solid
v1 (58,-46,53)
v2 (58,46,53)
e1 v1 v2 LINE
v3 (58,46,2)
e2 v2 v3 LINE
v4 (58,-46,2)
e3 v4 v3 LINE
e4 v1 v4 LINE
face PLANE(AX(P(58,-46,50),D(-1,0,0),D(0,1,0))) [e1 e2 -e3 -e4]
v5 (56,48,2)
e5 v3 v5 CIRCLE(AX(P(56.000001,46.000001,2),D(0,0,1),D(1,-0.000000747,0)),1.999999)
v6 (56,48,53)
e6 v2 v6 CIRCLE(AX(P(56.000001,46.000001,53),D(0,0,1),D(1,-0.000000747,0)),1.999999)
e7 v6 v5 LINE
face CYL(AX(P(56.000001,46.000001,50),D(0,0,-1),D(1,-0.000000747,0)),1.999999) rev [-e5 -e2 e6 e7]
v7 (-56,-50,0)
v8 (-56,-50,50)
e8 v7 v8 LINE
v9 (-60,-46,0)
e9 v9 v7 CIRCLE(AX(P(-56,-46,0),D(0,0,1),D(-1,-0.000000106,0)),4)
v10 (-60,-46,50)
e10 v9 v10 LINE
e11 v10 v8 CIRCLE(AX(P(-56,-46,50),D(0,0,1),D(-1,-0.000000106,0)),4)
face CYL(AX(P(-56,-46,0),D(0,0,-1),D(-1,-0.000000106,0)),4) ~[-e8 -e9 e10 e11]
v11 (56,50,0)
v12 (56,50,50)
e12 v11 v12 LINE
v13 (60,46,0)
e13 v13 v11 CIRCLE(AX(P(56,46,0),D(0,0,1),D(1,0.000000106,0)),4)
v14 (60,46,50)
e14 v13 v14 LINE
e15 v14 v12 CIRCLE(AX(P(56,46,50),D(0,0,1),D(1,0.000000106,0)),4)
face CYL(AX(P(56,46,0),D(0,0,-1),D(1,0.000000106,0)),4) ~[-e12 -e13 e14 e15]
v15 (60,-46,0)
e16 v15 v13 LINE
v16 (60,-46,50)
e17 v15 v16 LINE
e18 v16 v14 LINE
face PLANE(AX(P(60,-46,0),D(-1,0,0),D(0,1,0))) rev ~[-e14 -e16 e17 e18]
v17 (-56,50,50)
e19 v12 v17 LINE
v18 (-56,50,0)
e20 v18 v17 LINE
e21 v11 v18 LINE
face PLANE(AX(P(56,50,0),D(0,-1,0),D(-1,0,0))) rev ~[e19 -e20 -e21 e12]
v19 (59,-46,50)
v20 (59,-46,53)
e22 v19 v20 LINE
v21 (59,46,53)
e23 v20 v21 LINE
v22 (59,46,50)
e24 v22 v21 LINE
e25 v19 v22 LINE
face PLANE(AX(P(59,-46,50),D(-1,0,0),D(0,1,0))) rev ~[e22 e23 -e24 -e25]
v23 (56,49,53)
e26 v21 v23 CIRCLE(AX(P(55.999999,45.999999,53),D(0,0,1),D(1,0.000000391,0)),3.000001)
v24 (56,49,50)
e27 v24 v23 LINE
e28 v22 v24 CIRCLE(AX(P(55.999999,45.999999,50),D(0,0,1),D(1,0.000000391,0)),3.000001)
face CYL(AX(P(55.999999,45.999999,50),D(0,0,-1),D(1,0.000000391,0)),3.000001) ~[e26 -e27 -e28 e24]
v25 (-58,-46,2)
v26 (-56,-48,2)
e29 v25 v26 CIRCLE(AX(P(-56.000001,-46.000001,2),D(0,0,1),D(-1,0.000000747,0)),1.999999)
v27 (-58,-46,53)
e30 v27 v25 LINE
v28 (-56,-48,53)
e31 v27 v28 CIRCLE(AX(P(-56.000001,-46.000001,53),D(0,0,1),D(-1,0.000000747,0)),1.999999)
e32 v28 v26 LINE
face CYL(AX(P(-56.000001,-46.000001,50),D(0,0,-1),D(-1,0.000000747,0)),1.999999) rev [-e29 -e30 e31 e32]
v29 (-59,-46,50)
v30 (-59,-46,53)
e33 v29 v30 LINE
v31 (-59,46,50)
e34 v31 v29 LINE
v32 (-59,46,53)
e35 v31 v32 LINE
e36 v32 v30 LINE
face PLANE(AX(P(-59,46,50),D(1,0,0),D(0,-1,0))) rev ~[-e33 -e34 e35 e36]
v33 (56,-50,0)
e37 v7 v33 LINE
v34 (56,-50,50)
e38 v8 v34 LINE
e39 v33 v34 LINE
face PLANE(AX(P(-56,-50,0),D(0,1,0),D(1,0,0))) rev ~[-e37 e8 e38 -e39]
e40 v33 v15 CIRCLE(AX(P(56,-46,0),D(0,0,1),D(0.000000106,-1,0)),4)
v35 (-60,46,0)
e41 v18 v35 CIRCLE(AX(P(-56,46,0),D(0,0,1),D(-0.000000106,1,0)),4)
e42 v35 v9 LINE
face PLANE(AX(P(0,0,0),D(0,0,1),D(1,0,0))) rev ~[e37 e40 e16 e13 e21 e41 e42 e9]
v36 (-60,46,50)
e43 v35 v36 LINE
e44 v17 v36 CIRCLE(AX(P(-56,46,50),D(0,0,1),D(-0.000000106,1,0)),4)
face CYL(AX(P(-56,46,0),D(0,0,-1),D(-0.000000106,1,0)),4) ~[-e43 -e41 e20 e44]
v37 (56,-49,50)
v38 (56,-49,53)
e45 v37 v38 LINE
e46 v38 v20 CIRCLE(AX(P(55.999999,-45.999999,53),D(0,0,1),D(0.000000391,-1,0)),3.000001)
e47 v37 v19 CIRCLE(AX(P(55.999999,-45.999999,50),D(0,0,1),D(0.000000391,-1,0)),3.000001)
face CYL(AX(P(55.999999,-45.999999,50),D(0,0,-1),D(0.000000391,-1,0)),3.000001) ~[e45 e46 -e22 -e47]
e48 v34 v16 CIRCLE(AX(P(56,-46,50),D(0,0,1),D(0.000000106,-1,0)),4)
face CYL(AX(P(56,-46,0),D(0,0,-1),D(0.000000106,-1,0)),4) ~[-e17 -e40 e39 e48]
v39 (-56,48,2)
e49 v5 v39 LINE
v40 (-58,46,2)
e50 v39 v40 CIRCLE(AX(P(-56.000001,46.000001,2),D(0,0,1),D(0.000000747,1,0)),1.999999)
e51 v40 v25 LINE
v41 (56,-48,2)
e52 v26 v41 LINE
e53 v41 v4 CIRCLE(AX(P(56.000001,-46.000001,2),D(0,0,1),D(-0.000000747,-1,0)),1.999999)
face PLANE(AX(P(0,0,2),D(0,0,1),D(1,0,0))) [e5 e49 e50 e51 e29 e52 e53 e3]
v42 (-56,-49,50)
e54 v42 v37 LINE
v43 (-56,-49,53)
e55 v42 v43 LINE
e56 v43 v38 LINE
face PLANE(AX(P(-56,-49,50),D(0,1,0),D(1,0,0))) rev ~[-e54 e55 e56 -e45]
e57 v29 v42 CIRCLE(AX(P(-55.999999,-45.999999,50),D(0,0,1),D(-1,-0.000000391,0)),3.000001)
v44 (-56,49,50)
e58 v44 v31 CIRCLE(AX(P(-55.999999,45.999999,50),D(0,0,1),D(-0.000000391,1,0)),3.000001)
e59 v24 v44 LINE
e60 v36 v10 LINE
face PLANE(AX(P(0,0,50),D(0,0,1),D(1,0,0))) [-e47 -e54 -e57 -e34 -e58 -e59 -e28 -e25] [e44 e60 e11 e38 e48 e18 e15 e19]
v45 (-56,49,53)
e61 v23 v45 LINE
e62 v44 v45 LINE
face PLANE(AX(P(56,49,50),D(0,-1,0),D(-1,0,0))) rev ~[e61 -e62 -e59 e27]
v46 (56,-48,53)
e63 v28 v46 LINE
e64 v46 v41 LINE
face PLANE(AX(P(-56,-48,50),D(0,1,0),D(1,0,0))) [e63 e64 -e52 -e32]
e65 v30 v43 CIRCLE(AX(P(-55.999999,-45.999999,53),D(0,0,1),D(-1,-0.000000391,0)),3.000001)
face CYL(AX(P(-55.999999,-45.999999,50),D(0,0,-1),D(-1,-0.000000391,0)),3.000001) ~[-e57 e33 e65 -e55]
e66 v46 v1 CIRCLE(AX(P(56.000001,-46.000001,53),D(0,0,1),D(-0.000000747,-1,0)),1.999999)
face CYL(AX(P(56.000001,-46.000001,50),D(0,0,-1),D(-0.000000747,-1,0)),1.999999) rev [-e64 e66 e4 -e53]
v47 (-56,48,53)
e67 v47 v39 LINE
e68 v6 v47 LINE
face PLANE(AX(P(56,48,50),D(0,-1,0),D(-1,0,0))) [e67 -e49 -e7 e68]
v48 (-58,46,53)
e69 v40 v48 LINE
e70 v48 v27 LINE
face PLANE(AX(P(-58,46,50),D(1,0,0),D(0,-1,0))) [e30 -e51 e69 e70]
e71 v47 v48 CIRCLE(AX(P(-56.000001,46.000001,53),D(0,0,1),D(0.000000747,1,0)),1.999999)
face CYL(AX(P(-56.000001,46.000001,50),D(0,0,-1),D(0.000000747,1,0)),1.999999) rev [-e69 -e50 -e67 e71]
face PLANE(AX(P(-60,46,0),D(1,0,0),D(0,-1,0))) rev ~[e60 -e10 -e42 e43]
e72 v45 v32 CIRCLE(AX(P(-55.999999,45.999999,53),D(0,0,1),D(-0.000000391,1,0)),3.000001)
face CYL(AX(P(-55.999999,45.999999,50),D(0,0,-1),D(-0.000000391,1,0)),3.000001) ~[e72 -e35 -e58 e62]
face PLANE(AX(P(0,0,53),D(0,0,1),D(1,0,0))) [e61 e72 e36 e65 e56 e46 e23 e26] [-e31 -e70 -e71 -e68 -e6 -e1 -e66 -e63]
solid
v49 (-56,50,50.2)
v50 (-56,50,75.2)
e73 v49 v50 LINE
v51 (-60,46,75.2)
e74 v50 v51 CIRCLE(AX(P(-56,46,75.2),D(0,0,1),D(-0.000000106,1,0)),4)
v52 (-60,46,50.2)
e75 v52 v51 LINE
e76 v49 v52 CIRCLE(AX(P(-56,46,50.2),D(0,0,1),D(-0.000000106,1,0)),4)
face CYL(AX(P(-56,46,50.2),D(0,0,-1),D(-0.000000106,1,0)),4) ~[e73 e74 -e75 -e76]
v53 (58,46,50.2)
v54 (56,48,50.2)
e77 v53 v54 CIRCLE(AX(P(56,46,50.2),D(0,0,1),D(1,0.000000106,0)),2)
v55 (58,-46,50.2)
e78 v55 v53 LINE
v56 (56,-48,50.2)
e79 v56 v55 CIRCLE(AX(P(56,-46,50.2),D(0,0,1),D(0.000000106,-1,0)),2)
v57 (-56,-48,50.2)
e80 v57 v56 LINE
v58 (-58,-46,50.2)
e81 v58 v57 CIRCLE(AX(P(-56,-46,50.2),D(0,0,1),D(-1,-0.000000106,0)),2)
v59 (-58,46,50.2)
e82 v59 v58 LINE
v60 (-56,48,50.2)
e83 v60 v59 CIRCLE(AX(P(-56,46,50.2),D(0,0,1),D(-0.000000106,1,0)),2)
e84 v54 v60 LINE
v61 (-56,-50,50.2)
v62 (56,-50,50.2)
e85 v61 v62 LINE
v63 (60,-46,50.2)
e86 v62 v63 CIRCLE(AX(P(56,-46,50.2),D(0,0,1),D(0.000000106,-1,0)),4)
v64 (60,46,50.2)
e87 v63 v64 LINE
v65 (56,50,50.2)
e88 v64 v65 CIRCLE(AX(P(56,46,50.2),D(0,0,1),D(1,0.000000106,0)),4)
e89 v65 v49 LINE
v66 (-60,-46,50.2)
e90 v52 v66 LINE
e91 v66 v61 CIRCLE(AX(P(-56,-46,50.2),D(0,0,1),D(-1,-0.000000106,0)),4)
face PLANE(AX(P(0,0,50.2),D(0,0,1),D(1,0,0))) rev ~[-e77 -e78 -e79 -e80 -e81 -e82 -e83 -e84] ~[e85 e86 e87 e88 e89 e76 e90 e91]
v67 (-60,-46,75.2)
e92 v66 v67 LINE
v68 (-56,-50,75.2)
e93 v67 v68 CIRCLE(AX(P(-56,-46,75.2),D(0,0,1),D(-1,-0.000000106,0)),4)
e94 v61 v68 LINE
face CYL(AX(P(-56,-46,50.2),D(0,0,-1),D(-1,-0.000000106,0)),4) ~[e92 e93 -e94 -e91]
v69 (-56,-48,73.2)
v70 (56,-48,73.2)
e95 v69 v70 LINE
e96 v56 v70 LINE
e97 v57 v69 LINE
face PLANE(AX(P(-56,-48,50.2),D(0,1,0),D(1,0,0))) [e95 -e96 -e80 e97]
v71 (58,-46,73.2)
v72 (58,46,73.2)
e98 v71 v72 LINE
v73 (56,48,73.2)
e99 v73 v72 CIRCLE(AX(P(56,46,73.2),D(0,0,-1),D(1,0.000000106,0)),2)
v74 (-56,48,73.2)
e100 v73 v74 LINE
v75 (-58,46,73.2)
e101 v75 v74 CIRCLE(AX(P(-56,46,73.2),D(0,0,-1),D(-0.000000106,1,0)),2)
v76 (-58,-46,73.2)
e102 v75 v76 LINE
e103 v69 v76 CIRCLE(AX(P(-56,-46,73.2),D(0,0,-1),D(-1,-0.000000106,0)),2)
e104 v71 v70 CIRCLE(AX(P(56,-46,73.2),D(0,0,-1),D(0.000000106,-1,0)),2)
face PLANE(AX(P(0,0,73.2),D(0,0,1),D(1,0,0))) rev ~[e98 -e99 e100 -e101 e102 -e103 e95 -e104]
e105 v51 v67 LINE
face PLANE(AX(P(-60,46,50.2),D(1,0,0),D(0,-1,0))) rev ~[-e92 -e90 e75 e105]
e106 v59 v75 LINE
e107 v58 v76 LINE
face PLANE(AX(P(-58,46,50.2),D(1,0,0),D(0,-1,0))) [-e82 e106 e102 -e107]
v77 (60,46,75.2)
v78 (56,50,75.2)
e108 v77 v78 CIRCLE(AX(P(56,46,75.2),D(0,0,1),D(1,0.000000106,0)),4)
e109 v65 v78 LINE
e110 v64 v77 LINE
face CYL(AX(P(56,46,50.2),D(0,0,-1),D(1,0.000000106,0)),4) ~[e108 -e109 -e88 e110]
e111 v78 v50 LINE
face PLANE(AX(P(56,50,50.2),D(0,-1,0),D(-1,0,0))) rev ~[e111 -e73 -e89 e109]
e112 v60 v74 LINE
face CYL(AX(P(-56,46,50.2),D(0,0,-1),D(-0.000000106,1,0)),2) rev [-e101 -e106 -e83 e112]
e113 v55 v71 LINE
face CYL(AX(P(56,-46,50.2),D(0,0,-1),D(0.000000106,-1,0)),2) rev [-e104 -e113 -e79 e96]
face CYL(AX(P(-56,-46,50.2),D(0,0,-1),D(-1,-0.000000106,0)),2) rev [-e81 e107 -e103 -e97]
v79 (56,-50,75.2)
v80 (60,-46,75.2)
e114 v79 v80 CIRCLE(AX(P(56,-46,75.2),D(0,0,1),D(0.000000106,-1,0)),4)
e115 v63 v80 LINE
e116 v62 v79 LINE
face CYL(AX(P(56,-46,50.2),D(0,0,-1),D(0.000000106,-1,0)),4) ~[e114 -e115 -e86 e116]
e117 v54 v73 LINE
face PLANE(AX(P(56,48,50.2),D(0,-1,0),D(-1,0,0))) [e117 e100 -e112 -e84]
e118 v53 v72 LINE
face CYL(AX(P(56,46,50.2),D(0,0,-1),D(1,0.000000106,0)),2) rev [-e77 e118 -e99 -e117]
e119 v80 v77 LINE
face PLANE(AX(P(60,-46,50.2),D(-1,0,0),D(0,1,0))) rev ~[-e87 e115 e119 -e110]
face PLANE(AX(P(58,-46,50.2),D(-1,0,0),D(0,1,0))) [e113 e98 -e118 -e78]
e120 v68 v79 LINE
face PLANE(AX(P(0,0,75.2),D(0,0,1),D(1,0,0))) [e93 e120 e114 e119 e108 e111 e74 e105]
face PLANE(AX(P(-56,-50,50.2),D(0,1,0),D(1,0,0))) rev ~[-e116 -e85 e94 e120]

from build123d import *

# Parameters (mm, degrees)
PAD_DEPTH       = 50
PAD001_DEPTH    = 3
POCKET_DEPTH    = 48
PAD002_DEPTH    = 25
THICKNESS_T     = -2
POCKET001_DEPTH = 3


with BuildPart() as base:
    # Sketch → Pad (new body)
    with BuildSketch(Plane.XY):
        with BuildLine():
            Line((-60, 46), (-60, -46))
            ThreePointArc((-60, -46), (-58.828427, -48.828427), (-56, -50))
            Line((-56, -50), (56, -50))
            ThreePointArc((56, -50), (58.828427, -48.828427), (60, -46))
            Line((60, -46), (60, 46))
            ThreePointArc((60, 46), (58.828427, 48.828427), (56, 50))
            Line((56, 50), (-56, 50))
            ThreePointArc((-56, 50), (-58.828427, 48.828427), (-60, 46))
        make_face()
    extrude(amount=PAD_DEPTH)

    # Sketch001 → Pad001 (join)
    with BuildSketch(Plane.XY.offset(50)):
        with BuildLine():
            Line((-59, 46), (-59, -46))
            ThreePointArc((-59, -46), (-58.12132, -48.12132), (-56, -49))
            Line((-56, -49), (56, -49))
            ThreePointArc((56, -49), (58.12132, -48.12132), (59, -46))
            Line((59, -46), (59, 46))
            ThreePointArc((59, 46), (58.12132, 48.12132), (56, 49))
            Line((56, 49), (-56, 49))
            ThreePointArc((-56, 49), (-58.12132, 48.12132), (-59, 46))
        make_face()
        with BuildLine():
            Line((-58, 46), (-58, -46))
            ThreePointArc((-58, -46), (-57.414214, -47.414214), (-56, -48))
            Line((-56, -48), (56, -48))
            ThreePointArc((56, -48), (57.414214, -47.414214), (58, -46))
            Line((58, -46), (58, 46))
            ThreePointArc((58, 46), (57.414214, 47.414214), (56, 48))
            Line((56, 48), (-56, 48))
            ThreePointArc((-56, 48), (-57.414214, 47.414214), (-58, 46))
        make_face(mode=Mode.SUBTRACT)
    extrude(amount=PAD001_DEPTH)

    # Sketch003 (on Face28 of Pad001) → Pocket (cut)
    with BuildSketch(Plane.XY.offset(50)):
        with BuildLine():
            Line((-58, 46), (-58, -46))
            ThreePointArc((-58, -46), (-57.414214, -47.414214), (-56, -48))
            Line((-56, -48), (56, -48))
            ThreePointArc((56, -48), (57.414214, -47.414214), (58, -46))
            Line((58, -46), (58, 46))
            ThreePointArc((58, 46), (57.414214, 47.414214), (56, 48))
            Line((56, 48), (-56, 48))
            ThreePointArc((-56, 48), (-57.414214, 47.414214), (-58, 46))
        make_face()
    extrude(amount=-POCKET_DEPTH, mode=Mode.SUBTRACT)


with BuildPart() as lid:
    # Sketch004 → Pad002 (new body)
    with BuildSketch(Plane.XY.offset(50.2)):
        with BuildLine():
            Line((-60, 46), (-60, -46))
            ThreePointArc((-60, -46), (-58.828427, -48.828427), (-56, -50))
            Line((-56, -50), (56, -50))
            ThreePointArc((56, -50), (58.828427, -48.828427), (60, -46))
            Line((60, -46), (60, 46))
            ThreePointArc((60, 46), (58.828427, 48.828427), (56, 50))
            Line((56, 50), (-56, 50))
            ThreePointArc((-56, 50), (-58.828427, 48.828427), (-60, 46))
        make_face()
    extrude(amount=PAD002_DEPTH)

    # Thickness
    thickness_openings = [lid.faces().sort_by_distance(p)[0] for p in [
        (0, 0, 50.2),
    ]]
    offset(amount=THICKNESS_T, openings=thickness_openings)

    # Sketch005 (on Face10 of Thickness) → Pocket001 (cut)
    with BuildSketch(Plane(origin=(0, 0, 50.2), x_dir=(1, 0, 0), z_dir=(0, 0, -1))):
        with BuildLine():
            Line((-19.1, 25.9), (-19.1, -25.9))
            ThreePointArc((-19.1, -25.9), (-18.162742, -28.162742), (-15.9, -29.1))
            Line((-15.9, -29.1), (15.9, -29.1))
            ThreePointArc((15.9, -29.1), (18.162742, -28.162742), (19.1, -25.9))
            Line((19.1, -25.9), (19.1, 25.9))
            ThreePointArc((19.1, 25.9), (18.162742, 28.162742), (15.9, 29.1))
            Line((15.9, 29.1), (-15.9, 29.1))
            ThreePointArc((-15.9, 29.1), (-18.162742, 28.162742), (-19.1, 25.9))
        make_face()
    extrude(amount=-POCKET001_DEPTH, mode=Mode.SUBTRACT)


solid = Compound([base.part, lid.part])
